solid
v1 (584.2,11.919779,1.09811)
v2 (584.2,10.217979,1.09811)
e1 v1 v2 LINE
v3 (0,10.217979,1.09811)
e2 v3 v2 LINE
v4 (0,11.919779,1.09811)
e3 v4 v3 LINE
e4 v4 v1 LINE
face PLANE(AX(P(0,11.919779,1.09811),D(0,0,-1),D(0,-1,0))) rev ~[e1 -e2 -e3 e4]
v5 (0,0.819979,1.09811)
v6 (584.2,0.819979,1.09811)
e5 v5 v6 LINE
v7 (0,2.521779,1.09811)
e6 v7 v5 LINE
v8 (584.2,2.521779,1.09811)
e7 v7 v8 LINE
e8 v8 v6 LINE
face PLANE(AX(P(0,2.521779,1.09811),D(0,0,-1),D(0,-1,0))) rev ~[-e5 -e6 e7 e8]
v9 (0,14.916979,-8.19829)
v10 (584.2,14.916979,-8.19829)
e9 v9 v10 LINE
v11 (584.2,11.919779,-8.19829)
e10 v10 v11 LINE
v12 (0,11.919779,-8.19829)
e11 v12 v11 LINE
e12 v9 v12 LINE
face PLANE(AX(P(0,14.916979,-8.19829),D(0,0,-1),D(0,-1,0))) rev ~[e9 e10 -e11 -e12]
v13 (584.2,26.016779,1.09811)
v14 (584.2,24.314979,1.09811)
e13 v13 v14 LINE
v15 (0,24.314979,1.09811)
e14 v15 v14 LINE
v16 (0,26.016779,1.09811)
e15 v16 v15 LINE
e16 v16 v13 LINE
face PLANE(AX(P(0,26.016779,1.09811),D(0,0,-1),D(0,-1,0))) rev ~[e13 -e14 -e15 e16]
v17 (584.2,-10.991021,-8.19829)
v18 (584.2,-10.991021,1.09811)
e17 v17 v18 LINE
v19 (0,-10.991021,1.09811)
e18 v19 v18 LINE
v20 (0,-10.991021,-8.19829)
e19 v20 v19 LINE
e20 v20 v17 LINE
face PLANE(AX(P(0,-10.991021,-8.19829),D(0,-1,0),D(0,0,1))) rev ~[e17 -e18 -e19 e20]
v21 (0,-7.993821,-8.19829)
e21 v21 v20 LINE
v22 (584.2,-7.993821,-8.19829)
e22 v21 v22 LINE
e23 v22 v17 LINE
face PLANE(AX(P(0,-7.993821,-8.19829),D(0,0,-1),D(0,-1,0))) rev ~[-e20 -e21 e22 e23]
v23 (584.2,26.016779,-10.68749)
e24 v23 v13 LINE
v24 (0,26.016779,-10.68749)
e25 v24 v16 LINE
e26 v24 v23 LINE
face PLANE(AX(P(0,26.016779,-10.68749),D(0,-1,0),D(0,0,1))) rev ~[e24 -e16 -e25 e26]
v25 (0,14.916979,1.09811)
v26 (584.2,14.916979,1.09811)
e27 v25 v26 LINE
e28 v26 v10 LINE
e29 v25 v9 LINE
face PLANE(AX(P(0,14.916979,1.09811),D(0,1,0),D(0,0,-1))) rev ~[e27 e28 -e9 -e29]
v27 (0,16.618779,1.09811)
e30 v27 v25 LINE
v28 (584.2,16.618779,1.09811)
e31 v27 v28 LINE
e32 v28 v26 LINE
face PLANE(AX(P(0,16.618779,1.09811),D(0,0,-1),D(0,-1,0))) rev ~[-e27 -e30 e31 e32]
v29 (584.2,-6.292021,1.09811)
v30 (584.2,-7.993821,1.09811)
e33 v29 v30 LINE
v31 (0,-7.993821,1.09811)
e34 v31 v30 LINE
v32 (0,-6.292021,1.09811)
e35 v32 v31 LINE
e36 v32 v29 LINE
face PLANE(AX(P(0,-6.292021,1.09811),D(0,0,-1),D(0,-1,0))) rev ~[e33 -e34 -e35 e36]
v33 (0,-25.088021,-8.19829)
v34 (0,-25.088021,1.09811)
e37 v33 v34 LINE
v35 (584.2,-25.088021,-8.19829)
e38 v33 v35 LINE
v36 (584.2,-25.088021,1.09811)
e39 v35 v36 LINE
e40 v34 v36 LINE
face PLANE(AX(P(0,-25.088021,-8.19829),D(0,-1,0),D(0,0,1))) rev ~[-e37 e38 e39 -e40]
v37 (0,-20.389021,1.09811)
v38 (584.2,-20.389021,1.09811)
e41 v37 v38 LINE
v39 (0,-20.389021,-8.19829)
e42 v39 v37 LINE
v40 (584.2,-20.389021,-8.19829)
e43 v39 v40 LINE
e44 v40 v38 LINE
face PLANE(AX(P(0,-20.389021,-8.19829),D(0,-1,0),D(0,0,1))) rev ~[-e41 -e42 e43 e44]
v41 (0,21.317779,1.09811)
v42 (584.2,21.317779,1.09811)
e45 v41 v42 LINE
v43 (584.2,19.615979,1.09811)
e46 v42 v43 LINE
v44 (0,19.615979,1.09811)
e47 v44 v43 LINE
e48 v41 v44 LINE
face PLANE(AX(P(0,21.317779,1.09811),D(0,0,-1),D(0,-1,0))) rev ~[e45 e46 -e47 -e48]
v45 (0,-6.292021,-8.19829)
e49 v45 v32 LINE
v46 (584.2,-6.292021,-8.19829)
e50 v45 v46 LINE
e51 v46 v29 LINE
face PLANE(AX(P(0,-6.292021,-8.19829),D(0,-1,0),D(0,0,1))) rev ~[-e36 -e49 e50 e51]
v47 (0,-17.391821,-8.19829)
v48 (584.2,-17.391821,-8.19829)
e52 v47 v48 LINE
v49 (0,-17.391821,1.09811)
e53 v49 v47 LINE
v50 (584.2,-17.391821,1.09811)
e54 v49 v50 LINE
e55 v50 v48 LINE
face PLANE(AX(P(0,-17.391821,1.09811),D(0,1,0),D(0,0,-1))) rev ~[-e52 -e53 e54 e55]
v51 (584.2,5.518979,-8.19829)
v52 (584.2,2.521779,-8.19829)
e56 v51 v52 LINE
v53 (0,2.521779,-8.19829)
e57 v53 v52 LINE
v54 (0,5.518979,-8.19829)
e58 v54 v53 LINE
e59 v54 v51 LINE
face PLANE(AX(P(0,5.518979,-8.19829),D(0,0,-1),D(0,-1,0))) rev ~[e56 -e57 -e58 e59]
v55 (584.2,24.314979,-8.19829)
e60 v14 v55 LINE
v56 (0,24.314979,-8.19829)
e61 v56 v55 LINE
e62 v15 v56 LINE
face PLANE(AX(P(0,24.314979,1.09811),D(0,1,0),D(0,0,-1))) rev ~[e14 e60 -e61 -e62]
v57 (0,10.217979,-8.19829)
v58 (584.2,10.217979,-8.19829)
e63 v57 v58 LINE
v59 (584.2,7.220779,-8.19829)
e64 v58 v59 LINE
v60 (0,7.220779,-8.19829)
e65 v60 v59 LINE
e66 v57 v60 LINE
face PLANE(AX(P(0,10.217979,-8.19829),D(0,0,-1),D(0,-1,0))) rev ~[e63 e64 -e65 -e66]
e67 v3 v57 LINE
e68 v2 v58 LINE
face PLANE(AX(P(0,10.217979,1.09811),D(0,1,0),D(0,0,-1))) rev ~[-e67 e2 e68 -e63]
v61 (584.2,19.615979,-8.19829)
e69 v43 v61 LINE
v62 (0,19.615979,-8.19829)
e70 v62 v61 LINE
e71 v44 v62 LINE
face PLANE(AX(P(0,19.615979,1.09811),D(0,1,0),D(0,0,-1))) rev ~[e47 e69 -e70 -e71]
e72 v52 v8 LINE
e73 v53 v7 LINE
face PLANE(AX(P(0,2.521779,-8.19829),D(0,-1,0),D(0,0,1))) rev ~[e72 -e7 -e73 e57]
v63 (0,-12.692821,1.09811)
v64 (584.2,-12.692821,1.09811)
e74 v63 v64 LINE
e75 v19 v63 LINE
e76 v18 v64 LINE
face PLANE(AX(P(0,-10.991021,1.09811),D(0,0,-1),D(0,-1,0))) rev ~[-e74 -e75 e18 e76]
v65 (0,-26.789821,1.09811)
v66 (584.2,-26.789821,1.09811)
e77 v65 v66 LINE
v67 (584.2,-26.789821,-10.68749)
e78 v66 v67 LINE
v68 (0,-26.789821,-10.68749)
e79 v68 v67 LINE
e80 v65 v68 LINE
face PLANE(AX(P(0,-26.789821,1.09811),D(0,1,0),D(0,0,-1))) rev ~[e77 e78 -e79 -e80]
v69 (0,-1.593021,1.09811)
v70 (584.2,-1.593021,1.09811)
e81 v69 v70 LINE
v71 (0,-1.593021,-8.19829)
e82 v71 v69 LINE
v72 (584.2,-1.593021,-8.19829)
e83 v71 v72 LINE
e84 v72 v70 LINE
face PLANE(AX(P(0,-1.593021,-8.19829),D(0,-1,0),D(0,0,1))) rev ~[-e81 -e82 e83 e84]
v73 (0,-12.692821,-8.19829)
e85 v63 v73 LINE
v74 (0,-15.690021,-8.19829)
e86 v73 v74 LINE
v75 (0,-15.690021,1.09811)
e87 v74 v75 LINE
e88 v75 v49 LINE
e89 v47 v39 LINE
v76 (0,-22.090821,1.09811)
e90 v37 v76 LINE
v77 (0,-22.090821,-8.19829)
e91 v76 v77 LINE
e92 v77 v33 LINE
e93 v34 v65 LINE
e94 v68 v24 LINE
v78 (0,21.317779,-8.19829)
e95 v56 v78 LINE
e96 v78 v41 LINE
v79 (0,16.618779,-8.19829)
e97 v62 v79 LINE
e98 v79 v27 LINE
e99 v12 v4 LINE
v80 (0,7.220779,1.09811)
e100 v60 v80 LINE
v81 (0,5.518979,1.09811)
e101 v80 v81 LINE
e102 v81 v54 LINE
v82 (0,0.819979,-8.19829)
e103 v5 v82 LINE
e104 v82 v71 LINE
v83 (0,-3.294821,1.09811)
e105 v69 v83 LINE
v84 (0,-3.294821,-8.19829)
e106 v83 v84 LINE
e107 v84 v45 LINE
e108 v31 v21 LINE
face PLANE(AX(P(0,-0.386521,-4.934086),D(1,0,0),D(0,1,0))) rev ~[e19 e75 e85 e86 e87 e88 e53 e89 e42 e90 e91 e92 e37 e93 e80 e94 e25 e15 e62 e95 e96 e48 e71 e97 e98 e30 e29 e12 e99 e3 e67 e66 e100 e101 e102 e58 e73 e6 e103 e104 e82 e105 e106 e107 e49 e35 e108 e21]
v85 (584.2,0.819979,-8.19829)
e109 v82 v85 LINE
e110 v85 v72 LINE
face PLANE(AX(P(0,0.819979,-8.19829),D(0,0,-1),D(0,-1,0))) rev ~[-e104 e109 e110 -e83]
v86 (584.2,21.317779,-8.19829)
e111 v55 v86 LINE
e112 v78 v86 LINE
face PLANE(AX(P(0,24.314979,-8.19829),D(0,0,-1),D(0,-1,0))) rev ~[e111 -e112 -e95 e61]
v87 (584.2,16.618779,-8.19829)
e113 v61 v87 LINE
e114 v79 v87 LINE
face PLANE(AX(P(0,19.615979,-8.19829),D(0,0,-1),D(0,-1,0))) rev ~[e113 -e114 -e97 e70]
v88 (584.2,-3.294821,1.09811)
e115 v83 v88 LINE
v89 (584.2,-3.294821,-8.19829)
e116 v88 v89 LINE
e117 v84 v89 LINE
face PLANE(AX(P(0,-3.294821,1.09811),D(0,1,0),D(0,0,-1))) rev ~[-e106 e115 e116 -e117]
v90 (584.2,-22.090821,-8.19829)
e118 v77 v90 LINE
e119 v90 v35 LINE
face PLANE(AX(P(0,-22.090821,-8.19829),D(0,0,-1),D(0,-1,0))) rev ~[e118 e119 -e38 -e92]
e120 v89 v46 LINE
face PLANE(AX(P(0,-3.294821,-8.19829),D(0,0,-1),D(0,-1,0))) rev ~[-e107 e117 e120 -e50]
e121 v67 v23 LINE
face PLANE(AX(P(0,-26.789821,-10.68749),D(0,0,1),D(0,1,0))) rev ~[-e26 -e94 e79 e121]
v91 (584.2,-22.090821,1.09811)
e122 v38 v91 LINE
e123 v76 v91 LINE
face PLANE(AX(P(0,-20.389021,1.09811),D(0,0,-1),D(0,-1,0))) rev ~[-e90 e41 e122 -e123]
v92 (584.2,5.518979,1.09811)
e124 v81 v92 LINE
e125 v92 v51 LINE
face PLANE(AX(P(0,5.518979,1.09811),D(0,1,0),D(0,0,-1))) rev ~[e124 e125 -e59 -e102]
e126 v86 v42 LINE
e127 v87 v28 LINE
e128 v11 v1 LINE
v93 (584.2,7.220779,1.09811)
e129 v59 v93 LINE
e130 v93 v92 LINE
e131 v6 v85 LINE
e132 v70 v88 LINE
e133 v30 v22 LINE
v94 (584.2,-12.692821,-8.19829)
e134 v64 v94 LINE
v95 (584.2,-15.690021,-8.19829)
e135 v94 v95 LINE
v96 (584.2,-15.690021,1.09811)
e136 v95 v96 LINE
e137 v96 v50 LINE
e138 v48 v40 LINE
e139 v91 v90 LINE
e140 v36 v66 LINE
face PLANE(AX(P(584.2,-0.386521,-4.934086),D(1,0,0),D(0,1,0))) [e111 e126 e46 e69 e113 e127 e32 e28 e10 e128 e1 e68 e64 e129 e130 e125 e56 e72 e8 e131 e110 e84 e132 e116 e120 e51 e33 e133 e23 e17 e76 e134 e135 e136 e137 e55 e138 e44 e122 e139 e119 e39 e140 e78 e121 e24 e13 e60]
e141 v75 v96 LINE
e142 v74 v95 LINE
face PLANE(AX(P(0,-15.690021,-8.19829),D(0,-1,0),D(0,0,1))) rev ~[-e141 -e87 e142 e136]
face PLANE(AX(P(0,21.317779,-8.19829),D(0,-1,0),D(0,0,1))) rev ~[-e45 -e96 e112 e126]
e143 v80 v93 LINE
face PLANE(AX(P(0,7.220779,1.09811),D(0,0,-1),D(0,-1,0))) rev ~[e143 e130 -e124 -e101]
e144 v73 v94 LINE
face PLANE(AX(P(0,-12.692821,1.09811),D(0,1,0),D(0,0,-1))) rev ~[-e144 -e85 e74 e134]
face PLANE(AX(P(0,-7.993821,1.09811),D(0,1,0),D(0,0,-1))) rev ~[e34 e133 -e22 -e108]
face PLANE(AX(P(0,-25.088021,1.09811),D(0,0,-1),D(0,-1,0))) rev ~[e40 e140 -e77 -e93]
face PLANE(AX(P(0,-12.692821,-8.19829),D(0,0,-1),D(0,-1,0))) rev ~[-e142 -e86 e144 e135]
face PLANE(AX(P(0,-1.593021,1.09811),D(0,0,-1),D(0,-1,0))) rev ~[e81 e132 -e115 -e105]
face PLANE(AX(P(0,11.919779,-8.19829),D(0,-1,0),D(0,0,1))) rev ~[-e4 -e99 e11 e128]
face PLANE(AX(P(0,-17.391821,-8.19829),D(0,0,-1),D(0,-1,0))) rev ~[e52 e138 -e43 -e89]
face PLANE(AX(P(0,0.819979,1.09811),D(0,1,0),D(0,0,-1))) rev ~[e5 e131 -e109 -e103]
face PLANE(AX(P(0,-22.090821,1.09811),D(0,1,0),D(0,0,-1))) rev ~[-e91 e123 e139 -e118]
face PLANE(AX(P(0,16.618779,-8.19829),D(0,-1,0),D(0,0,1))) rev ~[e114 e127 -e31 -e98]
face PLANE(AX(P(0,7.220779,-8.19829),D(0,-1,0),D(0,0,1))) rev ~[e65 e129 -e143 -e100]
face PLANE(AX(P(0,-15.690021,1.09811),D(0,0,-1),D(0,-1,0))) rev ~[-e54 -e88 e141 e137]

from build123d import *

# Parameters (mm, degrees)
F1_DEPTH = 584.2


with BuildPart() as f1:
    # F0 (on Right) → F1 (new body)
    with BuildSketch(Plane.YZ):
        Polygon((-25.088021, 1.09811), (-26.789821, 1.09811), (-26.789821, -10.68749), (26.016779, -10.68749), (26.016779, 1.09811), (24.314979, 1.09811), (24.314979, -8.19829), (21.317779, -8.19829), (21.317779, 1.09811), (19.615979, 1.09811), (19.615979, -8.19829), (16.618779, -8.19829), (16.618779, 1.09811), (14.916979, 1.09811), (14.916979, -8.19829), (11.919779, -8.19829), (11.919779, 1.09811), (10.217979, 1.09811), (10.217979, -8.19829), (7.220779, -8.19829), (7.220779, 1.09811), (5.518979, 1.09811), (5.518979, -8.19829), (2.521779, -8.19829), (2.521779, 1.09811), (0.819979, 1.09811), (0.819979, -8.19829), (-1.593021, -8.19829), (-1.593021, 1.09811), (-3.294821, 1.09811), (-3.294821, -8.19829), (-6.292021, -8.19829), (-6.292021, 1.09811), (-7.993821, 1.09811), (-7.993821, -8.19829), (-10.991021, -8.19829), (-10.991021, 1.09811), (-12.692821, 1.09811), (-12.692821, -8.19829), (-15.690021, -8.19829), (-15.690021, 1.09811), (-17.391821, 1.09811), (-17.391821, -8.19829), (-20.389021, -8.19829), (-20.389021, 1.09811), (-22.090821, 1.09811), (-22.090821, -8.19829), (-25.088021, -8.19829), align=None)
    extrude(amount=F1_DEPTH)


solid = f1.part
